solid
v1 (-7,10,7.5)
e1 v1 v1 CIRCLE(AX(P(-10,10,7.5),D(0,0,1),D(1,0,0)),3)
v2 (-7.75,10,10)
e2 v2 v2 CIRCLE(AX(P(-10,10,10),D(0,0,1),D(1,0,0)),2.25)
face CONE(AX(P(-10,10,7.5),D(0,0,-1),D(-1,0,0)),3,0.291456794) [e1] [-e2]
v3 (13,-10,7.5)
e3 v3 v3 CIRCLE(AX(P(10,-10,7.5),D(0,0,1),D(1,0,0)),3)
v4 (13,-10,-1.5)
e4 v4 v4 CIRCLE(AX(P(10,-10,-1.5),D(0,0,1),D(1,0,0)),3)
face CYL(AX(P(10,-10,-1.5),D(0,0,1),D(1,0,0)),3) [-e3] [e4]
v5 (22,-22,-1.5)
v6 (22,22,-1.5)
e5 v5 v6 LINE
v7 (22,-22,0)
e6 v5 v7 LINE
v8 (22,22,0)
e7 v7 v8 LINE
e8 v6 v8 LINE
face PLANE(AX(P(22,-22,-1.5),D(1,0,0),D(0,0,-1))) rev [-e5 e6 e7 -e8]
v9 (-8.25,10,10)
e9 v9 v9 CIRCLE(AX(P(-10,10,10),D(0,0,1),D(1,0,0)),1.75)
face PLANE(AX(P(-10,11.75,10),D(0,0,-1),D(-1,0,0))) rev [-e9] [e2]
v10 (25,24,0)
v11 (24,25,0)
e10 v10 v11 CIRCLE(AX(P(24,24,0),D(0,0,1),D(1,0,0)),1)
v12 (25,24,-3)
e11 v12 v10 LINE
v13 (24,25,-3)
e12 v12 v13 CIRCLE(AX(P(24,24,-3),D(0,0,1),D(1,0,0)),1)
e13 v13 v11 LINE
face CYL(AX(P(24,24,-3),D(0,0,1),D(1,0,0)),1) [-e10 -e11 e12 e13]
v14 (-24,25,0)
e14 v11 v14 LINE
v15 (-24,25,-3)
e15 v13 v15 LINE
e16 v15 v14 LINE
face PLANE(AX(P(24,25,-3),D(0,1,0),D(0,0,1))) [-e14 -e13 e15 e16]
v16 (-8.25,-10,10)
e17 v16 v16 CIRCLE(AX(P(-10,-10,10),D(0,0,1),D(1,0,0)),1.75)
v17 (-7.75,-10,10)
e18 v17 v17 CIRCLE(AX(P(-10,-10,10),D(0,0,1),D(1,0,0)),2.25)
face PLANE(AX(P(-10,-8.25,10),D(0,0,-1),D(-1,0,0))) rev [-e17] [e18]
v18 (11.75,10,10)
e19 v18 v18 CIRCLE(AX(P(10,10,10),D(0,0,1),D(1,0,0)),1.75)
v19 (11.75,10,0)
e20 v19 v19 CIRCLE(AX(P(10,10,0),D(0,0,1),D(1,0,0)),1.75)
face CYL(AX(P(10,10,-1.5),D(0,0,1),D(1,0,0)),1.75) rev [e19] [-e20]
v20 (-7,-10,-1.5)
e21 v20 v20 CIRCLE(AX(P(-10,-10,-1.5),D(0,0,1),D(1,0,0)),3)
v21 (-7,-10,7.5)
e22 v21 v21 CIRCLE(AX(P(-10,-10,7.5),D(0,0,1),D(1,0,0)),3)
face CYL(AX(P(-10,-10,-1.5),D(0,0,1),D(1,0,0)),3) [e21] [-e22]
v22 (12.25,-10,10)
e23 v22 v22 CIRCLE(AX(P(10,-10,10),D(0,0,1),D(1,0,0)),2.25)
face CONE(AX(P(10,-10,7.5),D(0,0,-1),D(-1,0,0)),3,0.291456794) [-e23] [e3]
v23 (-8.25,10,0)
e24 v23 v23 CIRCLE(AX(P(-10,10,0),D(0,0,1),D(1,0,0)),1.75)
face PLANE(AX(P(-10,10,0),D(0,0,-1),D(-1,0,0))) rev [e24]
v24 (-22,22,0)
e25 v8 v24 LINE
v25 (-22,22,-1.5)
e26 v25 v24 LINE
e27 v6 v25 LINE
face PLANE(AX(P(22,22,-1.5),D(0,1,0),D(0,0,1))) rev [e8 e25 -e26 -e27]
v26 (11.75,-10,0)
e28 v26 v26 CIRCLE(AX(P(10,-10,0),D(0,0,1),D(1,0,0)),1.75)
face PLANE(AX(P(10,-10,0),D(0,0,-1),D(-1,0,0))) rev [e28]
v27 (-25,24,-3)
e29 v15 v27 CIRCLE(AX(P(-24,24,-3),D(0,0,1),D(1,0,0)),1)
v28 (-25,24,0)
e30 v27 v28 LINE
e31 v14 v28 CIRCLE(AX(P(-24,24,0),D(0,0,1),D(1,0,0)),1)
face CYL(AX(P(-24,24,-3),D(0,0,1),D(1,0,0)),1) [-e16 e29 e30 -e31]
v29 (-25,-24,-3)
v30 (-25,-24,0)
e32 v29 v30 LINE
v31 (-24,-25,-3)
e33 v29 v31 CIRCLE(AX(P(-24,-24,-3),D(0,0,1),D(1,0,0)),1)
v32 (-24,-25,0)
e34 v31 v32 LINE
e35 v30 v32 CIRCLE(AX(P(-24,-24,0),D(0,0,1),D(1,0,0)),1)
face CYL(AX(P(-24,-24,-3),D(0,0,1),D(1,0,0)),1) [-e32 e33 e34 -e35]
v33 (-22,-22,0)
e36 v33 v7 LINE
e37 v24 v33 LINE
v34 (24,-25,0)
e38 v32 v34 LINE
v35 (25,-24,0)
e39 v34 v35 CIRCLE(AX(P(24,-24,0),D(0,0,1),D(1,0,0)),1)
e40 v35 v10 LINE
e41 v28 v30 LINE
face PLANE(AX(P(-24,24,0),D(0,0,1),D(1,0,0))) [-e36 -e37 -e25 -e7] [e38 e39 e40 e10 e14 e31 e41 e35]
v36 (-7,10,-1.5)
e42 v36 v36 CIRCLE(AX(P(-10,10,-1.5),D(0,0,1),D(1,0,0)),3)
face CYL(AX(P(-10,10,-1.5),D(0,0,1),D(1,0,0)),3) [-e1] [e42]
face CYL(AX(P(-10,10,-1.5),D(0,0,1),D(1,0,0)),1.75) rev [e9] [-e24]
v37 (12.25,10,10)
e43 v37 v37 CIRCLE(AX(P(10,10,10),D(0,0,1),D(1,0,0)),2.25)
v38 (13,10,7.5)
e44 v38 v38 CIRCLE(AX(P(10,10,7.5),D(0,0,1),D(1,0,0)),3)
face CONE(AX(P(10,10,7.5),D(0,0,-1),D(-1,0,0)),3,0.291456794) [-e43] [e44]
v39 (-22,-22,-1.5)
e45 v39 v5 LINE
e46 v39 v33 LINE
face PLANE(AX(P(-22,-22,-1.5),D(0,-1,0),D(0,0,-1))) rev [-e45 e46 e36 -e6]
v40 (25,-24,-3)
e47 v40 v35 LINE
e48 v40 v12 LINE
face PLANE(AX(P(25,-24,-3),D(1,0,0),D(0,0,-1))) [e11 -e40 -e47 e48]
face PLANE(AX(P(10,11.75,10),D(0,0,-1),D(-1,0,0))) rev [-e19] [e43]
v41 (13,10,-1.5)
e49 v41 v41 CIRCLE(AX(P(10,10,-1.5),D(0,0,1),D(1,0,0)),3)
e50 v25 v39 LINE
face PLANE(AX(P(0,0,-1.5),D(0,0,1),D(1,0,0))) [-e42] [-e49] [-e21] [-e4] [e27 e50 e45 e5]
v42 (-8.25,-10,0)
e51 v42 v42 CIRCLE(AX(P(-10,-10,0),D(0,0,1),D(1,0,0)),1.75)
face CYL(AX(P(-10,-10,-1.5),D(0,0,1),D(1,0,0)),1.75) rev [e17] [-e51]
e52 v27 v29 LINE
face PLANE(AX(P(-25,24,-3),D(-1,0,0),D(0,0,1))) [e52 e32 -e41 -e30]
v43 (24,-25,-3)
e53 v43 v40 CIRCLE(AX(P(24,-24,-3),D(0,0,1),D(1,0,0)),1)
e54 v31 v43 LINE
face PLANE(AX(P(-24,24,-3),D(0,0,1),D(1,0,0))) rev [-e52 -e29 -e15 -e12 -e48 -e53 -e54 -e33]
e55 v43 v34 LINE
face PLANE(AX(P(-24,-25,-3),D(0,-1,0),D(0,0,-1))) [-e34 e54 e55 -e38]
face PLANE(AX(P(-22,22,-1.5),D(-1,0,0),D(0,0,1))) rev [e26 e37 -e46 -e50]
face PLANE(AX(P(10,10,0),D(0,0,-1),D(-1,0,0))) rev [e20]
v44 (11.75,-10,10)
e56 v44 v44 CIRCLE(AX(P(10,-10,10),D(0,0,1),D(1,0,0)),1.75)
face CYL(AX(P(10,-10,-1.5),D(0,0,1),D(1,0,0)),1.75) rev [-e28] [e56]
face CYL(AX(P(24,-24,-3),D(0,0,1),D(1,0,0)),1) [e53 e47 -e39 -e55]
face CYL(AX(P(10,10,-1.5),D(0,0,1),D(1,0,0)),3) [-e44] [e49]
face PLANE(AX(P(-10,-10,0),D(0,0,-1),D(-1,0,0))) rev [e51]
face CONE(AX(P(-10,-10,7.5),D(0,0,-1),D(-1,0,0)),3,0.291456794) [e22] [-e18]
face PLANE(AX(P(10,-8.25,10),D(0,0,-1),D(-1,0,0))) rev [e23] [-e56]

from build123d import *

# Parameters (mm, degrees)
BOSS_EXTRUDE1_DEPTH = 3
SKETCH2_W           = 44
SKETCH2_H           = 44
CUT_EXTRUDE1_DEPTH  = 1.5


with BuildPart() as part:
    # Sketch1 → Boss-Extrude1 (new body)
    with BuildSketch(Plane.XY):
        with BuildLine():
            Line((-25, 24), (-25, -24))
            ThreePointArc((-25, -24), (-24.707106781, -24.707106781), (-24, -25))
            Line((-24, -25), (24, -25))
            ThreePointArc((24, -25), (24.707106781, -24.707106781), (25, -24))
            Line((25, -24), (25, 24))
            ThreePointArc((25, 24), (24.707106781, 24.707106781), (24, 25))
            Line((24, 25), (-24, 25))
            ThreePointArc((-24, 25), (-24.707106781, 24.707106781), (-25, 24))
        make_face()
    extrude(amount=-BOSS_EXTRUDE1_DEPTH)

    # Sketch2 → Cut-Extrude1 (cut)
    with BuildSketch(Plane.XY):
        Rectangle(SKETCH2_W, SKETCH2_H)
    extrude(amount=-CUT_EXTRUDE1_DEPTH, mode=Mode.SUBTRACT)

    # Sketch3 → Revolve1 (revolve)
    with BuildSketch(Plane(origin=(-10, 0, 0), x_dir=(0, 0, -1), z_dir=(1, 0, 0)), mode=Mode.PRIVATE) as revolve1_sk:
        Polygon((0, 10), (0, 11.75), (-10, 11.75), (-10, 12.25), (-7.5, 13), (1.5, 13), (1.5, 10), align=None)
    revolve(revolve1_sk.sketch.rotate(Axis((-10, 10, -1.5), (0, 0, 1)), 270), axis=Axis((-10, 10, -1.5), (0, 0, 1)))

    # Sketch4 → Revolve2 (revolve)
    with BuildSketch(Plane(origin=(10, 0, 0), x_dir=(0, 0, -1), z_dir=(1, 0, 0)), mode=Mode.PRIVATE) as revolve2_sk:
        Polygon((0, 10), (0, 11.75), (-10, 11.75), (-10, 12.25), (-7.5, 13), (1.5, 13), (1.5, 10), align=None)
    revolve(revolve2_sk.sketch.rotate(Axis((10, 10, -1.5), (0, 0, 1)), 270), axis=Axis((10, 10, -1.5), (0, 0, 1)))

    # Sketch5 → Revolve3 (revolve)
    with BuildSketch(Plane(origin=(10, 0, 0), x_dir=(0, 0, -1), z_dir=(1, 0, 0)), mode=Mode.PRIVATE) as revolve3_sk:
        Polygon((0, -10), (0, -8.25), (-10, -8.25), (-10, -7.75), (-7.5, -7), (1.5, -7), (1.5, -10), align=None)
    revolve(revolve3_sk.sketch.rotate(Axis((10, -10, -1.5), (0, 0, 1)), 270), axis=Axis((10, -10, -1.5), (0, 0, 1)))

    # Sketch6 → Revolve4 (revolve)
    with BuildSketch(Plane(origin=(-10, 0, 0), x_dir=(0, 0, -1), z_dir=(1, 0, 0)), mode=Mode.PRIVATE) as revolve4_sk:
        Polygon((0, -10), (0, -8.25), (-10, -8.25), (-10, -7.75), (-7.5, -7), (1.5, -7), (1.5, -10), align=None)
    revolve(revolve4_sk.sketch.rotate(Axis((-10, -10, -1.5), (0, 0, 1)), 270), axis=Axis((-10, -10, -1.5), (0, 0, 1)))


solid = part.part
